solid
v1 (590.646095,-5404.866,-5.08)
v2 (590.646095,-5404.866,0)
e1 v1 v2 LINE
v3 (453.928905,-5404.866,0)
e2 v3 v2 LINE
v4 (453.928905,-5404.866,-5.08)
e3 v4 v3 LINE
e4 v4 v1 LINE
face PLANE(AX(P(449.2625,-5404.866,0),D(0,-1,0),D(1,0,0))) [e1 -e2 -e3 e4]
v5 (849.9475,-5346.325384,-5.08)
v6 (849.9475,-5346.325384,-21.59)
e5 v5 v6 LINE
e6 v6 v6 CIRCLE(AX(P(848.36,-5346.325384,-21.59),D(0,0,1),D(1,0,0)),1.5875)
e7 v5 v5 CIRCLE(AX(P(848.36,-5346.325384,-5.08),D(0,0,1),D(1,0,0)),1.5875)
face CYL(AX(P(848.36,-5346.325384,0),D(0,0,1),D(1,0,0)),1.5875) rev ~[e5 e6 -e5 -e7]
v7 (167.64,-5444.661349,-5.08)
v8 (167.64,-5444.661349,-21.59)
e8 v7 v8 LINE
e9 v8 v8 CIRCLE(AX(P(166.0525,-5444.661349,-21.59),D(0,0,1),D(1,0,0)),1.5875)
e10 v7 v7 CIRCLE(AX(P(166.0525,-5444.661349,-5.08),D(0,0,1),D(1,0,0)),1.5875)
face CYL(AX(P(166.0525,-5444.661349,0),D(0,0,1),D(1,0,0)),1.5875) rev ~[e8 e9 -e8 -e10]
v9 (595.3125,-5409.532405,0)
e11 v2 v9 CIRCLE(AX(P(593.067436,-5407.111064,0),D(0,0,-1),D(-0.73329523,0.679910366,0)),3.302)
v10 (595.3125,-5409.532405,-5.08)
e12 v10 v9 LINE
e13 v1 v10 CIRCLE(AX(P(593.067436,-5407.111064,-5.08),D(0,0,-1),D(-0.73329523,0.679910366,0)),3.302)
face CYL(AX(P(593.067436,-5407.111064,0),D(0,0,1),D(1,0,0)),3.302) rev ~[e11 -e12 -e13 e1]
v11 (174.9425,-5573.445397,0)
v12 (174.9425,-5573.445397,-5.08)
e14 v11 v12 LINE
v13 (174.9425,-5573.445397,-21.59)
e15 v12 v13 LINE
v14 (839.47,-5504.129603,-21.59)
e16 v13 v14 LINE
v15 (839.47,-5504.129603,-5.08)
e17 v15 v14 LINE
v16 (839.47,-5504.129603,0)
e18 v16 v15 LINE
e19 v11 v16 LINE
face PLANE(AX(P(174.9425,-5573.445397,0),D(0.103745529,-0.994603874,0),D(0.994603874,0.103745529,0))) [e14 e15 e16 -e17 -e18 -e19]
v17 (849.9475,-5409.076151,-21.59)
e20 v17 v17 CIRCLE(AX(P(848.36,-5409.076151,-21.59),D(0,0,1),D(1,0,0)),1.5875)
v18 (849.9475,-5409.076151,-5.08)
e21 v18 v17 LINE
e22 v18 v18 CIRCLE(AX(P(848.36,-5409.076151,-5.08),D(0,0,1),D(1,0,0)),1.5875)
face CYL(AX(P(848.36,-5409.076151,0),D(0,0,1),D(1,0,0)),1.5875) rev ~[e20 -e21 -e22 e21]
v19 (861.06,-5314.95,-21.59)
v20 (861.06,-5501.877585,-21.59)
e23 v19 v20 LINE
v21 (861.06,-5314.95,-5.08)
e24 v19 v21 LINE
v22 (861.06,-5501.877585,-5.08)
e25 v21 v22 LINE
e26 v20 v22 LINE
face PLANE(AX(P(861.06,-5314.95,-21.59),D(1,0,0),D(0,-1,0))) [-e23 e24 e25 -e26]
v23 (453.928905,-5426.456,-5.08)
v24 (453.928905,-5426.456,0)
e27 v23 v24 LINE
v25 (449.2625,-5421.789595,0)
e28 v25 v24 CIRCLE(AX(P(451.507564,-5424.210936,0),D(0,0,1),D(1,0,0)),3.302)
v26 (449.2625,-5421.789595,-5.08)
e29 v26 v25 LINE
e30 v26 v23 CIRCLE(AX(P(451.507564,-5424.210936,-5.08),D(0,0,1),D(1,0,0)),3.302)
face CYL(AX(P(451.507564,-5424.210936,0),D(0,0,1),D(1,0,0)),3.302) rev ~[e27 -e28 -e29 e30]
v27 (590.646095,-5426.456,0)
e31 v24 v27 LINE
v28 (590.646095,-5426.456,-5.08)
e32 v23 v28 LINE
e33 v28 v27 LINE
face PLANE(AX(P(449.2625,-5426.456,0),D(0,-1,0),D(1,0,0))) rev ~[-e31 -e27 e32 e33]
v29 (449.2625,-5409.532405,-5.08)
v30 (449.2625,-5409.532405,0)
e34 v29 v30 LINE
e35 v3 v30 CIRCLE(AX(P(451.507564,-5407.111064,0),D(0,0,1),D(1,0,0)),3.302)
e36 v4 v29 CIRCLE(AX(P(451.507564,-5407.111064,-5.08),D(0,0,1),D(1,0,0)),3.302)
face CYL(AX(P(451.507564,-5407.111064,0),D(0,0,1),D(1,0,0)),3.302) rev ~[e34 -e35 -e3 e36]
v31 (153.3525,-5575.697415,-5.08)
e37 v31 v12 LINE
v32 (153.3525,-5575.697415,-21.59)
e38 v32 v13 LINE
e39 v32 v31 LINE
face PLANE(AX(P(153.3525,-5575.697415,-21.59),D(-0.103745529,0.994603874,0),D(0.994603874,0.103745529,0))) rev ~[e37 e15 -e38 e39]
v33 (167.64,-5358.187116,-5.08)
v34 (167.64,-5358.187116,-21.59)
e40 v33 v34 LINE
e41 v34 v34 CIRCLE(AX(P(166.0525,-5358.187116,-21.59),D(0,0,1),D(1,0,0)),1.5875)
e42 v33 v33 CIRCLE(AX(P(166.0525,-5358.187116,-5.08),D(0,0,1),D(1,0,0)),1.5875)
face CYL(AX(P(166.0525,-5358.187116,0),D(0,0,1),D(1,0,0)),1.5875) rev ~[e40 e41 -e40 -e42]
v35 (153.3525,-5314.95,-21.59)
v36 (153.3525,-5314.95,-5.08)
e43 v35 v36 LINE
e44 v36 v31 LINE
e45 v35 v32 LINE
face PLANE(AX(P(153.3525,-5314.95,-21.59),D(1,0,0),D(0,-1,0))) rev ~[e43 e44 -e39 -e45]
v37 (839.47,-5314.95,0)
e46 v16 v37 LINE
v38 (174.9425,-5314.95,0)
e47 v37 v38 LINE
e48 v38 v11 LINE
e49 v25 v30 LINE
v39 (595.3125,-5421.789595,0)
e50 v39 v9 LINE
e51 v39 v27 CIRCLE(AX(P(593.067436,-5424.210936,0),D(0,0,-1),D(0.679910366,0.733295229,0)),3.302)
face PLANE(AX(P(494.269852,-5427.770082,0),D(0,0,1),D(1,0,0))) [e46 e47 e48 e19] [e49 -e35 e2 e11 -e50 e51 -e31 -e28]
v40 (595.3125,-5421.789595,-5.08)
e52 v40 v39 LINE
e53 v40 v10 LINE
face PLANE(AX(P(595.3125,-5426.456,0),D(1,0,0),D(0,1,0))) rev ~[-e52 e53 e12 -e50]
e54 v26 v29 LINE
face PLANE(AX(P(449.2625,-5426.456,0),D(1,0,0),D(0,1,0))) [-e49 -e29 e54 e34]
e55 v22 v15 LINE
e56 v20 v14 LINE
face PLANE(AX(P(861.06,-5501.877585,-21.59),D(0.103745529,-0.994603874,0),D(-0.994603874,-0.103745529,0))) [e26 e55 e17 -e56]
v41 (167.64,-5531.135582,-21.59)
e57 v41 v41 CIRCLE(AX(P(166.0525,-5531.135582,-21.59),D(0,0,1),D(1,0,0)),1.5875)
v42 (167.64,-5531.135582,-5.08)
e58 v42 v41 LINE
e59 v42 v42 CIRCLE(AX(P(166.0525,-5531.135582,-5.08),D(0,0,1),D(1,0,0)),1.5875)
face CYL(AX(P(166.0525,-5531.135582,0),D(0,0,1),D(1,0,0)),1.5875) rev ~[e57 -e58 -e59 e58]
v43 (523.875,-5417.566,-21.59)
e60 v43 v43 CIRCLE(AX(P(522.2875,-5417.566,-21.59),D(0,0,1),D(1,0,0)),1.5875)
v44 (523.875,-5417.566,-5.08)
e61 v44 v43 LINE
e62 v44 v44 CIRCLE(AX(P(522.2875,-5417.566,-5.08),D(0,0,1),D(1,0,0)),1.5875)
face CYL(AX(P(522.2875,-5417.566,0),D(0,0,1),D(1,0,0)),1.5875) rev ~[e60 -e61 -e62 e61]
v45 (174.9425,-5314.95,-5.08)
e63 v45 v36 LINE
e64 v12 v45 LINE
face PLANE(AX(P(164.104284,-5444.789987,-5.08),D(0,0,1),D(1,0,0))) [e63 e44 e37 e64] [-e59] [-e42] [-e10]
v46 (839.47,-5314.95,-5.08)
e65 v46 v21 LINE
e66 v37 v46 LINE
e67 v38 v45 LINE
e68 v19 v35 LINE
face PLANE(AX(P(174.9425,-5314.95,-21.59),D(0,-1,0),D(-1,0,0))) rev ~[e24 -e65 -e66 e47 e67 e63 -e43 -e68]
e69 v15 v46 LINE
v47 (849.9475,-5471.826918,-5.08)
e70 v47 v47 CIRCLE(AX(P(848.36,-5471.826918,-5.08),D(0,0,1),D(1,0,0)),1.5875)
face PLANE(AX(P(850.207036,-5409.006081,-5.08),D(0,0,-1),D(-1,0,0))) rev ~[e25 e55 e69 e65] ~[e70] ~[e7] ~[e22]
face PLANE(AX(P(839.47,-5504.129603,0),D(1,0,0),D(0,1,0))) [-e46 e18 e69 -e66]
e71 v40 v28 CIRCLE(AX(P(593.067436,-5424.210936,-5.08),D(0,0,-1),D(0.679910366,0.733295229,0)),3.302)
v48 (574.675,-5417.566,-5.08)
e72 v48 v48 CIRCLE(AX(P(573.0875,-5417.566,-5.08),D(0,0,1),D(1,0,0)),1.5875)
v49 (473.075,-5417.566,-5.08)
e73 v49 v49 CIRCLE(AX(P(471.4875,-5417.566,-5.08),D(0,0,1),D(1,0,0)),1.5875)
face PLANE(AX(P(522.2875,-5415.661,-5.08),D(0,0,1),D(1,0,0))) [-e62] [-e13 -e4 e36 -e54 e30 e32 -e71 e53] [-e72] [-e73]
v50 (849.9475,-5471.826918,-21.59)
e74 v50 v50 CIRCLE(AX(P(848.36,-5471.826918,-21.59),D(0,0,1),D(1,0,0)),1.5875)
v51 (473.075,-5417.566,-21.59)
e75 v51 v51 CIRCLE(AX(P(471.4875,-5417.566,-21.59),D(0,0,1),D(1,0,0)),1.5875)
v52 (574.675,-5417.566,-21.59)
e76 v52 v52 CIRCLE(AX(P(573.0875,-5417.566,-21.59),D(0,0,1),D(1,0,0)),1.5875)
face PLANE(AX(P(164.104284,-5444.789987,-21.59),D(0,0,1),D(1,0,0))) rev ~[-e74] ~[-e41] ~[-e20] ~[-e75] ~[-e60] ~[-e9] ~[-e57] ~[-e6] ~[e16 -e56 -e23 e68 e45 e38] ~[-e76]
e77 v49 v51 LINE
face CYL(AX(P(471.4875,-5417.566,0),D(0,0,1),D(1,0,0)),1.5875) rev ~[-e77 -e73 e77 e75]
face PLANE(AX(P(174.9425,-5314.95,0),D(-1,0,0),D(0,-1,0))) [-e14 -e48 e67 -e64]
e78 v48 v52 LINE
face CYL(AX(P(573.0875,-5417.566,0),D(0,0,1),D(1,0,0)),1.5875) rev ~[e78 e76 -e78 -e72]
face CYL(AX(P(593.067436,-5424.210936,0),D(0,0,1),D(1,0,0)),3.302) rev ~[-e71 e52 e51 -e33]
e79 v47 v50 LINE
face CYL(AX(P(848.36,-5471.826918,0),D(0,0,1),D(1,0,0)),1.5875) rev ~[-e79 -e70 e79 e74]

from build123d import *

# Parameters (mm, degrees)
EXTRUDE1_DEPTH     = 21.59
EXTRUDE2_DEPTH     = 16.51
SKETCH4_W          = 146.050000002
SKETCH4_H          = 21.59
CUT_EXTRUDE2_DEPTH = 5.08
SKETCH6_R          = 3.302000001
SKETCH6_R_2        = 3.302
CUT_EXTRUDE3_DEPTH = 5.08
SKETCH3_R          = 1.5875
CUT_EXTRUDE1_DEPTH = 21.59


with BuildPart() as part:
    # Sketch2 → Extrude1 (new body)
    with BuildSketch(Plane.XY):
        Polygon((839.47, -5504.129603175), (839.47, -5314.95), (174.9425, -5314.95), (174.9425, -5573.445396825), align=None)
    extrude(amount=-EXTRUDE1_DEPTH)

    # Sketch7 → Extrude2 (add)
    with BuildSketch(Plane(origin=(0, 0, -21.59), x_dir=(-1, 0, 0), z_dir=(0, 0, -1))):
        Polygon((-174.9425, -5314.95), (-153.3525, -5314.95), (-153.3525, -5575.697414966), (-174.9425, -5573.445396825), align=None)
        Polygon((-839.47, -5314.95), (-861.06, -5314.95), (-861.06, -5501.877585034), (-839.47, -5504.129603175), align=None)
    extrude(amount=-EXTRUDE2_DEPTH)

    # Sketch4 → Cut-Extrude2 (cut)
    with BuildSketch(Plane.XY):
        with Locations((522.2875, -5415.661000001)):
            Rectangle(SKETCH4_W, SKETCH4_H)
    extrude(amount=-CUT_EXTRUDE2_DEPTH, mode=Mode.SUBTRACT)

    # Sketch6 → Cut-Extrude3 (cut)
    with BuildSketch(Plane.XY):
        with Locations((451.507564029, -5407.111064031)):
            Circle(SKETCH6_R)
        with Locations((451.507564029, -5424.210935971)):
            Circle(SKETCH6_R_2)
        with Locations((593.067435971, -5424.210935971)):
            Circle(SKETCH6_R_2)
        with Locations((593.067435971, -5407.111064031)):
            Circle(SKETCH6_R)
    extrude(amount=-CUT_EXTRUDE3_DEPTH, mode=Mode.SUBTRACT)

    # Sketch3 → Cut-Extrude1 (cut)
    with BuildSketch(Plane.XY):
        with Locations((166.0525, -5531.135582009)):
            Circle(SKETCH3_R)
        with Locations((166.0525, -5444.661349205)):
            Circle(SKETCH3_R)
        with Locations((166.0525, -5358.187116401)):
            Circle(SKETCH3_R)
        with Locations((848.36, -5471.826917991)):
            Circle(SKETCH3_R)
        with Locations((848.36, -5409.076150795)):
            Circle(SKETCH3_R)
        with Locations((848.36, -5346.325383599)):
            Circle(SKETCH3_R)
        with Locations((573.0875, -5417.566)):
            Circle(SKETCH3_R)
        with Locations((522.2875, -5417.566)):
            Circle(SKETCH3_R)
        with Locations((471.4875, -5417.566)):
            Circle(SKETCH3_R)
    extrude(amount=-CUT_EXTRUDE1_DEPTH, mode=Mode.SUBTRACT)


solid = part.part
